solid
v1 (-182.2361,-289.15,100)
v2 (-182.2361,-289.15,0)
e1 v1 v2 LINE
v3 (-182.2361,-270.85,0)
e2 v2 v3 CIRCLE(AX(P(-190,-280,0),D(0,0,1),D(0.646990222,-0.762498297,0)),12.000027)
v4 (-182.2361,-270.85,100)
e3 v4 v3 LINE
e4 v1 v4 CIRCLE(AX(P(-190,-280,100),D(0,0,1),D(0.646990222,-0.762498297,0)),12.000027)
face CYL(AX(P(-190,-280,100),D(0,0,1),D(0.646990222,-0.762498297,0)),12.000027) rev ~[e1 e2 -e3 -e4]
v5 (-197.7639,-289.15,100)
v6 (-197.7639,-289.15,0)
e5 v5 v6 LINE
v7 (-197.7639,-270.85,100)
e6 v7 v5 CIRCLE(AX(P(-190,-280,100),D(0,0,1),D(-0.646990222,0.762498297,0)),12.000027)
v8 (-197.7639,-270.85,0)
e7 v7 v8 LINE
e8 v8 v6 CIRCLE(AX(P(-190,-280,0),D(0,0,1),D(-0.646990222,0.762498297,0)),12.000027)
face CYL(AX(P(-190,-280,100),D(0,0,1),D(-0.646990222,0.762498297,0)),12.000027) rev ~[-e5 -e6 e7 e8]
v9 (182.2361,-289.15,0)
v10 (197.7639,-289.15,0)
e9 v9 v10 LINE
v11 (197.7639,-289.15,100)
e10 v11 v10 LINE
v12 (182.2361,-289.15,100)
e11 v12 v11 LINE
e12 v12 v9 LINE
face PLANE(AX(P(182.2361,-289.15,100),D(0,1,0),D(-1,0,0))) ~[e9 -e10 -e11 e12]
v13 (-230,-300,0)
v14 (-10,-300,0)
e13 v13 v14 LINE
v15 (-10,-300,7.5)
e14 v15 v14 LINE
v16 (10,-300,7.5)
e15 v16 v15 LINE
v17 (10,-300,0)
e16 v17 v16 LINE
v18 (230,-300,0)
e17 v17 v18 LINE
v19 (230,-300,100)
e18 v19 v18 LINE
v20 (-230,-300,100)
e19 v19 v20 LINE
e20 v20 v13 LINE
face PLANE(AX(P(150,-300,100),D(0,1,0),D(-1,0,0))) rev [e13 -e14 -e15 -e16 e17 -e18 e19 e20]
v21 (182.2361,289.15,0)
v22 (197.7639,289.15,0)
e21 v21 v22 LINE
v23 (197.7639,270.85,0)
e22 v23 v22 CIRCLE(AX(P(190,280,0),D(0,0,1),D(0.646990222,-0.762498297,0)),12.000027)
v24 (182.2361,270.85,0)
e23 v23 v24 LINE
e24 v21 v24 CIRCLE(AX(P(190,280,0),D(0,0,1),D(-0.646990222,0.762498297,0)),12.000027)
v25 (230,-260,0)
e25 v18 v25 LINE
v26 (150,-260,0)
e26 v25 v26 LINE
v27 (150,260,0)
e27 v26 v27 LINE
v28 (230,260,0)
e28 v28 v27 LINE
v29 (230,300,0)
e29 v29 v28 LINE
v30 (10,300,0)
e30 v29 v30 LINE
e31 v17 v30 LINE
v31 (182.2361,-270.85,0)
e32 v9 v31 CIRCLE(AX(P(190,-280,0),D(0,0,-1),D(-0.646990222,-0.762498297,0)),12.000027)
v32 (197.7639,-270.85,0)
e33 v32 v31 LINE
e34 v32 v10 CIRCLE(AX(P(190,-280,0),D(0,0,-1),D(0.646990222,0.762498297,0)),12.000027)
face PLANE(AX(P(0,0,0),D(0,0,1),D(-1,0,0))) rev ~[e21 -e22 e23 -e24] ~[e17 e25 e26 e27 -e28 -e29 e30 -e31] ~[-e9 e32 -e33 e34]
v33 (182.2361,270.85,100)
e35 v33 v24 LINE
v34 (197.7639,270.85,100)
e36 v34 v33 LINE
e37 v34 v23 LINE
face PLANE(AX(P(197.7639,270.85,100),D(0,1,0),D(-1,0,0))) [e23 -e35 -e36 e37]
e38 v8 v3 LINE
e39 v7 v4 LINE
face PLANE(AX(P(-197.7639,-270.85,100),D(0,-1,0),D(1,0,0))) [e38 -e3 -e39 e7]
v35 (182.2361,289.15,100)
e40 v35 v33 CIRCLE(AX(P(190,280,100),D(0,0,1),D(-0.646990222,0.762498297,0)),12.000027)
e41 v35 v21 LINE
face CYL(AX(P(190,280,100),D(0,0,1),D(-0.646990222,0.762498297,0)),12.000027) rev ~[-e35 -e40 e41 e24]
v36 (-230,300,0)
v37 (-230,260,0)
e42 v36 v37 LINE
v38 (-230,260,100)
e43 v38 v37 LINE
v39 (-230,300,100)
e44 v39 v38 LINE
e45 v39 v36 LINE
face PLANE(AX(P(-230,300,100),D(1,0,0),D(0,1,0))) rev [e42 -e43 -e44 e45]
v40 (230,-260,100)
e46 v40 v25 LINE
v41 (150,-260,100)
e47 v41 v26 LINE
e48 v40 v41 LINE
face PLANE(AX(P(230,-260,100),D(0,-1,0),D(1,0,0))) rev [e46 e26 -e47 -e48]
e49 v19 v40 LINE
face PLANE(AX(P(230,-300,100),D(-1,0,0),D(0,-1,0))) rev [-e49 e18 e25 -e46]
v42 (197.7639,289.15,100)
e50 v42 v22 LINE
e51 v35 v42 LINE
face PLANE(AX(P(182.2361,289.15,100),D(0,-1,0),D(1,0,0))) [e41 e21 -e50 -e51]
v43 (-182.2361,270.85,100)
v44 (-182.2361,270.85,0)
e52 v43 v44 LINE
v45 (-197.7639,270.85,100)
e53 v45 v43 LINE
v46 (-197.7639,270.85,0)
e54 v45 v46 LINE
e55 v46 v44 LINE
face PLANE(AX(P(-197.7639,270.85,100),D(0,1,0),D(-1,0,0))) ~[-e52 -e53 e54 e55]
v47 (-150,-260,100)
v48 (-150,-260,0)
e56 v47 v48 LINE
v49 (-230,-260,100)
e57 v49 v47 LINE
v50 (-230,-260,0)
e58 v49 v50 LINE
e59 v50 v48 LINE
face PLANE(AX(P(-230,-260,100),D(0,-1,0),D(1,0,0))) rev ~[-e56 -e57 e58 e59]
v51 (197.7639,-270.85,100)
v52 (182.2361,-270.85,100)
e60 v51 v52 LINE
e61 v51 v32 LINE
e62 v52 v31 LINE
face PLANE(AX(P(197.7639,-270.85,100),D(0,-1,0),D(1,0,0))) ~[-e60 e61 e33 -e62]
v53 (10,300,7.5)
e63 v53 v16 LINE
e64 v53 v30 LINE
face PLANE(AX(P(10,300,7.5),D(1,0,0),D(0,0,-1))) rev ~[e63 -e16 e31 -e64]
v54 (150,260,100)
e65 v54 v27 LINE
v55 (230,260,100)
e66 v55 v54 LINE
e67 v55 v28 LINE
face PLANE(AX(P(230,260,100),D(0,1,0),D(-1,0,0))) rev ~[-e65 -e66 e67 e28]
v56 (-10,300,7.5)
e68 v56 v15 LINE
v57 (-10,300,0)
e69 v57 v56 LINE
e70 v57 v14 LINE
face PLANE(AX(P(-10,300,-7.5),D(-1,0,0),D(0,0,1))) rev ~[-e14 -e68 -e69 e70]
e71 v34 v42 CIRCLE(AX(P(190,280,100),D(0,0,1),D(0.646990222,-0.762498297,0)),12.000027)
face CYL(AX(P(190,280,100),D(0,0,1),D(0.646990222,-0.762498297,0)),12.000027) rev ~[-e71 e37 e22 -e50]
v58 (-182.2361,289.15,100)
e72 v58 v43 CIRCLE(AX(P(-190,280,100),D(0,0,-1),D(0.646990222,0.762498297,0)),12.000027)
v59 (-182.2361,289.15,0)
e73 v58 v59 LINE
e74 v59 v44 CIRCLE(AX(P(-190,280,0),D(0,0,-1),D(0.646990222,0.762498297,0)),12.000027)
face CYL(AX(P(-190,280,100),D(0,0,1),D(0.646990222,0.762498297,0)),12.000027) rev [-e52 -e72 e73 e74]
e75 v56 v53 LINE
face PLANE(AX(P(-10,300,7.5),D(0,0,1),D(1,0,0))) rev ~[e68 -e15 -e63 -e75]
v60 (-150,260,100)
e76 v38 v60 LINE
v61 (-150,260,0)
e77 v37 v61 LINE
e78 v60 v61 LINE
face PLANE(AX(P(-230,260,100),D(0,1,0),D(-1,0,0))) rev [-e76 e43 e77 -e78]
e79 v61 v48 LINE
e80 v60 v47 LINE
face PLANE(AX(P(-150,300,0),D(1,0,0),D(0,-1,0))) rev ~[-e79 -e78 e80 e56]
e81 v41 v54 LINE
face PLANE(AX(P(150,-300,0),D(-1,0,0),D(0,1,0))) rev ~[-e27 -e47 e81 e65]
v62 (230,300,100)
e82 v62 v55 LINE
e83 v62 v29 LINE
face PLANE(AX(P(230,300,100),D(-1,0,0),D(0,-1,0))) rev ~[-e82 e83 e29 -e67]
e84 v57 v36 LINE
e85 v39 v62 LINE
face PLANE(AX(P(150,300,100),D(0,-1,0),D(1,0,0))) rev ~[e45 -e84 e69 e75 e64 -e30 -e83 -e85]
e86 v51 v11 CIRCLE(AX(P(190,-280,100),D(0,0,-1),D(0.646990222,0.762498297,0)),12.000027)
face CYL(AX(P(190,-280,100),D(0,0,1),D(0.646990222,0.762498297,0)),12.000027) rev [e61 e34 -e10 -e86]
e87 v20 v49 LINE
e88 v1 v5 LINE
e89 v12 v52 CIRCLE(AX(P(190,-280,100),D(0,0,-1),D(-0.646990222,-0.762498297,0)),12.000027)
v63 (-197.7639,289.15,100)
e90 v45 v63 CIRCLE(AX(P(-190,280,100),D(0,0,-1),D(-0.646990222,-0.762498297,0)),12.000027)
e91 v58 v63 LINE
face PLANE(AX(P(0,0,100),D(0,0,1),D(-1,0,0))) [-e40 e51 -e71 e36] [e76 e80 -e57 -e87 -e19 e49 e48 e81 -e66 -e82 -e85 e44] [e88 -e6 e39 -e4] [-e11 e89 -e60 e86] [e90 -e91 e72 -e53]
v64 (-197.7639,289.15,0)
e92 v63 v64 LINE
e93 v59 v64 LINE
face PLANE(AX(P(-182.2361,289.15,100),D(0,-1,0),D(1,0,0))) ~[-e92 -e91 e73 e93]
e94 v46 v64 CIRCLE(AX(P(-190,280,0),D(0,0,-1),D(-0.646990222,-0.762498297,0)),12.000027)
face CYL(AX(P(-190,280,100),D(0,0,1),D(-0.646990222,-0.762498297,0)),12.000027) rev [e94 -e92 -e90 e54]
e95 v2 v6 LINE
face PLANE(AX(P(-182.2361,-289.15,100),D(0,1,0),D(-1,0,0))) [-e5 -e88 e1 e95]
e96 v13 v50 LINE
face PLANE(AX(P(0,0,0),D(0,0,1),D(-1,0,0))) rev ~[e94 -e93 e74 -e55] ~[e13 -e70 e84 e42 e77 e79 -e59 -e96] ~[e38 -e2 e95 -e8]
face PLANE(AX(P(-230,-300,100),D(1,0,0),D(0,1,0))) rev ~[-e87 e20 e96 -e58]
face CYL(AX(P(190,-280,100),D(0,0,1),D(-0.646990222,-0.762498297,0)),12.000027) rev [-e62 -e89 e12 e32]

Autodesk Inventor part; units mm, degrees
ref_plane "YZ Plane" through (0, 0, 0) normal (1, 0, 0) x (0, 1, 0)
ref_plane "XZ Plane" through (0, 0, 0) normal (0, 1, 0) x (-1, 0, 0)
sketch "Sketch1" plane through (0, 0, 0) normal (0, 0, 1) x (1, 0, 0)
  line L0 (150, 300) -> (-150, 300)
  line L1 (-150, 300) -> (-150, -300)
  line L2 (-150, -300) -> (150, -300)
  line L3 (150, -300) -> (150, 300)
  line L4 (150, 300) -> (-150, -300) construction
  line L5 (-150, 300) -> (150, -300) construction
  point P0 (0, 0)
  dimension "d0" = 300
  dimension "d1" = 600
extrude "Extrusion1" add sketch "Sketch1" along normal blind 100
sketch "Sketch2" plane through (0, 0, 100) normal (0, 0, 1) x (1, 0, 0)
  line L0 (-150, 300) -> (-150, -300) projected
  line L1 (-150, -300) -> (-230, -300)
  line L2 (-230, -300) -> (-230, -260)
  line L3 (-230, -260) -> (-150, -260)
  line L4 (-150, -260) -> (-150, -300)
  point P0 (0, 0)
  dimension "d4" = 80
  dimension "d5" = 40
extrude "Extrusion2" add sketch "Sketch2" against normal up to surface (100 mm away)
sketch "Sketch3" plane through (0, 0, 100) normal (0, 0, 1) x (1, 0, 0)
  line L0 (-150, 300) -> (-150, -260) projected
  line L1 (-150, -260) -> (-150, -300) construction
  line L2 (150, -300) -> (-230, -300) projected
  line L3 (-150, -260) -> (-230, -260) projected
  line L4 (-230, -260) -> (-150, -300) construction
  line L5 (-150, -260) -> (-230, -300) construction
  line L6 (-182.2361, -289.15) -> (-197.7639, -289.15)
  line L7 (-197.7639, -289.15) -> (-197.7639, -270.85) construction
  line L8 (-197.7639, -270.85) -> (-182.2361, -270.85)
  line L9 (-182.2361, -289.15) -> (-197.7639, -270.85) construction
  line L10 (-197.7639, -289.15) -> (-182.2361, -270.85) construction
  arc A0 (-197.7639, -270.85) -> (-197.7639, -289.15) centre (-190, -280) ccw
  arc A1 (-182.2361, -289.15) -> (-182.2361, -270.85) centre (-190, -280) ccw
  point P0 (0, 0)
  dimension "d9" = 18.3
extrude "Extrusion3" cut sketch "Sketch3" against normal up to surface (100 mm away)
ref_plane "Work Plane1" through (0, -300, 0) normal (1, 0, 0) x (0, 0, -1)
mirror "Mirror1" about plane through (0, -300, 0) normal (1, 0, 0) of "Extrusion2", "Extrusion3"
ref_plane "Work Plane2" through (-150, 0, 0) normal (0, 1, 0) x (1, 0, 0)
mirror "Mirror2" about plane through (-150, 0, 0) normal (0, 1, 0) of "Extrusion2", "Extrusion3", "Mirror1"
sketch "Sketch4" plane through (-230, 300, 0) normal (0, 1, 0) x (1, 0, 0)
  line L0 (240, 7.5) -> (220, 7.5)
  line L1 (220, 7.5) -> (220, -7.5)
  line L2 (220, -7.5) -> (240, -7.5)
  line L3 (240, -7.5) -> (240, 7.5)
  line L4 (240, 7.5) -> (220, -7.5) construction
  line L5 (220, 7.5) -> (240, -7.5) construction
  point P0 (230, 0)
  dimension "d12" = 20
  dimension "d13" = 15
extrude "Extrusion4" cut sketch "Sketch4" against normal through all
properties part number "backplate"
